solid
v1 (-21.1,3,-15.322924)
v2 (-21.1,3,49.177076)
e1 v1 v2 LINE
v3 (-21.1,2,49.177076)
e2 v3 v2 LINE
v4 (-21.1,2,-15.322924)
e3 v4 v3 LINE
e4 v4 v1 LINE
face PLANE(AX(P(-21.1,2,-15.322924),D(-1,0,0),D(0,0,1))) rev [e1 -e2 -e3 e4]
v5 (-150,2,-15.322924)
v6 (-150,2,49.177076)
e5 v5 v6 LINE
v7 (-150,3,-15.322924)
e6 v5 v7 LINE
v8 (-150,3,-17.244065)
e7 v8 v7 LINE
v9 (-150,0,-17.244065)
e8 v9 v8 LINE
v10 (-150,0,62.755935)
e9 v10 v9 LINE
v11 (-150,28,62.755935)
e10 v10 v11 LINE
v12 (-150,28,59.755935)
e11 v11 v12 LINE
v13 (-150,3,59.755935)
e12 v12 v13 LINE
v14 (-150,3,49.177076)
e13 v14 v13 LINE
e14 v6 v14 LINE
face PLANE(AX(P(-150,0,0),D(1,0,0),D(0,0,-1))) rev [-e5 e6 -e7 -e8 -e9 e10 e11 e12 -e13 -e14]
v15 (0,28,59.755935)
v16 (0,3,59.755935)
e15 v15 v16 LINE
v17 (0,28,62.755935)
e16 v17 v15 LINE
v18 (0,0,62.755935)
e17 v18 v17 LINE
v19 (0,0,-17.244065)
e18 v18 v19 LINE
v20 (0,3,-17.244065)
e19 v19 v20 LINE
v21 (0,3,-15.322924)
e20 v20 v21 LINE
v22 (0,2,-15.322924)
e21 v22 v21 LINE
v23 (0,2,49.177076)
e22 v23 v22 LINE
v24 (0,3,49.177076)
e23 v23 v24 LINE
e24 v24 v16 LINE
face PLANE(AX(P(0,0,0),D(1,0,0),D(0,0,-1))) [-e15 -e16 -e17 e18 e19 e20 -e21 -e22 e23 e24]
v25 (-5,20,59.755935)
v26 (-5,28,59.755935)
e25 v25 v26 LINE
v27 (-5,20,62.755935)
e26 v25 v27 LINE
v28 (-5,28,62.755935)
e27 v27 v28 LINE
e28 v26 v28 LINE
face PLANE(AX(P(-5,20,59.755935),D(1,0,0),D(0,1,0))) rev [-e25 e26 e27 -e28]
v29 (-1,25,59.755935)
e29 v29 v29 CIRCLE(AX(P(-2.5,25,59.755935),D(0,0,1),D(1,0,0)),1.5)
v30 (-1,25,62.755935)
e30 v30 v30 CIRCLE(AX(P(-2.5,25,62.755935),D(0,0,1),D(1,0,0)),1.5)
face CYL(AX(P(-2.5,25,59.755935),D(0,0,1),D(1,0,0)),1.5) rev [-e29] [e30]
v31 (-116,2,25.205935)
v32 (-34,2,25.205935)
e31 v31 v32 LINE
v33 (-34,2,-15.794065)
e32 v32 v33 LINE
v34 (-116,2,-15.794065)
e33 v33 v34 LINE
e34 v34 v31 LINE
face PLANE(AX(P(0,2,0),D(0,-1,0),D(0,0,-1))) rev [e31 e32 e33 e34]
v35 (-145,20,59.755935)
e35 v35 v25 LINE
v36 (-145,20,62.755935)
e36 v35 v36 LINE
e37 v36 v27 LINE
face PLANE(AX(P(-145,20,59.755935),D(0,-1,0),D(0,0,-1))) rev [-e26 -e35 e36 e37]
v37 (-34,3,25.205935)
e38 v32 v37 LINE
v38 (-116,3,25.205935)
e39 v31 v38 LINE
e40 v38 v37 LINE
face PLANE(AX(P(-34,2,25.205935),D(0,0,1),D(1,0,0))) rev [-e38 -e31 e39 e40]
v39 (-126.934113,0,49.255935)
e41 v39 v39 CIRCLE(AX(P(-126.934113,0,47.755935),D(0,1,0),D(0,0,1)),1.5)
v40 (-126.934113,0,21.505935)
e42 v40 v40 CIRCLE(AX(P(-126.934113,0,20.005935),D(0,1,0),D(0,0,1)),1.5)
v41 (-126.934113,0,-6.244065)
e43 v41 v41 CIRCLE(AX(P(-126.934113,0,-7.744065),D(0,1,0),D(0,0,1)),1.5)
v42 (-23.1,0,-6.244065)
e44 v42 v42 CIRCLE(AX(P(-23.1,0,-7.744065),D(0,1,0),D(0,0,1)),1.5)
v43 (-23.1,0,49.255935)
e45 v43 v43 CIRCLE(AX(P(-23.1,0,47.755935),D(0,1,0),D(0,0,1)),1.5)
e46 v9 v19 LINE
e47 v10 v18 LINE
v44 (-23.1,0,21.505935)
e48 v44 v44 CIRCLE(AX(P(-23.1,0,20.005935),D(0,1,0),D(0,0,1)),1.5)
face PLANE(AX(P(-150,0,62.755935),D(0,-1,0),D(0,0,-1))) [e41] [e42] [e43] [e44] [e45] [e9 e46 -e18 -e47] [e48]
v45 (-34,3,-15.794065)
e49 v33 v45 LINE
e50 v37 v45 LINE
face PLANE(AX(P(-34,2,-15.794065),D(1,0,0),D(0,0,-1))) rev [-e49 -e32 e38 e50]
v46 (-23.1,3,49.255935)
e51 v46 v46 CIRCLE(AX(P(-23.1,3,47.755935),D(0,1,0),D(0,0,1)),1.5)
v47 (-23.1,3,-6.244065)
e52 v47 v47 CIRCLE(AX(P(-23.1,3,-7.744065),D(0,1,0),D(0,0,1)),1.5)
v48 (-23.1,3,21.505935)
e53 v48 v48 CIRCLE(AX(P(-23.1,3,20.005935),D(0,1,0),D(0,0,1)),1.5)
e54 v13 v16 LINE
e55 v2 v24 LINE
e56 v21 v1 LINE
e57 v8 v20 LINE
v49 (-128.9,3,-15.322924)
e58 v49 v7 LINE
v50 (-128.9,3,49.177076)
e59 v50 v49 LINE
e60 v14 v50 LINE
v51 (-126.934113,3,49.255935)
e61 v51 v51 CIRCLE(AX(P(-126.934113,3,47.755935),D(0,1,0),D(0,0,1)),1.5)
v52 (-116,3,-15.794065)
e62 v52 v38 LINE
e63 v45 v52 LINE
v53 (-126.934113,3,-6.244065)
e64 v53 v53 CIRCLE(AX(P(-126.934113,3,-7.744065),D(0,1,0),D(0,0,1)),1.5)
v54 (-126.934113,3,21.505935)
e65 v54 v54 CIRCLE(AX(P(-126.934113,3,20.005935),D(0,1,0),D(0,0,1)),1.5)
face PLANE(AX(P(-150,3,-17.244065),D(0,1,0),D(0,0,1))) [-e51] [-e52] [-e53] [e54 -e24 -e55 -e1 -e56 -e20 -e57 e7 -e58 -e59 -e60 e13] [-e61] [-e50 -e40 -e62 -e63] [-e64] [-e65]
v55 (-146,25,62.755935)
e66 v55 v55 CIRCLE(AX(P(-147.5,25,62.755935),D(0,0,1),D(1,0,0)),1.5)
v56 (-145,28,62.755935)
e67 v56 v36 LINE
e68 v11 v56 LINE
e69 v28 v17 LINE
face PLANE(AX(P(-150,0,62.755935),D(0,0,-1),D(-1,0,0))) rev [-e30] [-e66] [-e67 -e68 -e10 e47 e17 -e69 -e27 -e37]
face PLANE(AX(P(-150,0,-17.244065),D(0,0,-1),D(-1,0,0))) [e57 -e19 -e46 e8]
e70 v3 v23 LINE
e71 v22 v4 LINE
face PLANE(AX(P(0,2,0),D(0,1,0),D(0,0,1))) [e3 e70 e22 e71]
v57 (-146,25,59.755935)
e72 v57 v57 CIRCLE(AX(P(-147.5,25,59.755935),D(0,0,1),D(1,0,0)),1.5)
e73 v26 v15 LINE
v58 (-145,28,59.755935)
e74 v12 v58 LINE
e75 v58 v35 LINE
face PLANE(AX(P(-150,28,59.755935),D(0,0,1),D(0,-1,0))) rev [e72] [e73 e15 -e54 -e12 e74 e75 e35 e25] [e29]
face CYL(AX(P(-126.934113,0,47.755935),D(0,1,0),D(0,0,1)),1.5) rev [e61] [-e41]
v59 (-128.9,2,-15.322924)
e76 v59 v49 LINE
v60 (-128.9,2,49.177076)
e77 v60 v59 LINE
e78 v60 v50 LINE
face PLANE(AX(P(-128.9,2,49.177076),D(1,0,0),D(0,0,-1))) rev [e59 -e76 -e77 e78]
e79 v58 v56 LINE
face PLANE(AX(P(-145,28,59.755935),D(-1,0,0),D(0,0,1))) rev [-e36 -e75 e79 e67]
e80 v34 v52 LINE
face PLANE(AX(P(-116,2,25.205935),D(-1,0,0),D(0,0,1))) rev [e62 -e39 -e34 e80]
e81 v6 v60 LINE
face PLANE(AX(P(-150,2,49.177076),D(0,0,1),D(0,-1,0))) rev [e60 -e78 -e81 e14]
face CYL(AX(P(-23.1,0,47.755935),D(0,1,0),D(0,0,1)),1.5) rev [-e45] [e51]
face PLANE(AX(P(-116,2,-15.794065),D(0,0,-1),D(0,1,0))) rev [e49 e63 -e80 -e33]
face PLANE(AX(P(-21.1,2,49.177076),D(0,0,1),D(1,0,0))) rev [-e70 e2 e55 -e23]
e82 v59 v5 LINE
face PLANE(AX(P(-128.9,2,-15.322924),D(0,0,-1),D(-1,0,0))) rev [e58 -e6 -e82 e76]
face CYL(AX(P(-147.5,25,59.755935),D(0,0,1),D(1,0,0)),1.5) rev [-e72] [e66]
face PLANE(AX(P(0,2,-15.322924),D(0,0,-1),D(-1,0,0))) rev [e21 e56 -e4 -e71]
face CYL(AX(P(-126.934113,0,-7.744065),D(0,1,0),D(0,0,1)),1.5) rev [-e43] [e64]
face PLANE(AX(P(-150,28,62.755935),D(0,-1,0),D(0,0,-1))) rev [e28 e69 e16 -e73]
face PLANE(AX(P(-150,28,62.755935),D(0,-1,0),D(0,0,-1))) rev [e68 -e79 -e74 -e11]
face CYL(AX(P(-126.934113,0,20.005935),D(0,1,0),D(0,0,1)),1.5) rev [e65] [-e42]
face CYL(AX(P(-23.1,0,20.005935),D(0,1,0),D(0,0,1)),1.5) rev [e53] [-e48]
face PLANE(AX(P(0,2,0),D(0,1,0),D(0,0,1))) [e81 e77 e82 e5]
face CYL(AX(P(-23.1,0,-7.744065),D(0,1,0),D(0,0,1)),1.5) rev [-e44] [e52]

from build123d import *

# Parameters (mm, degrees)
BOSS_EXTRUDE2_DEPTH = 150
SKETCH4_W           = 21.1
SKETCH4_H           = 64.5
CUT_EXTRUDE1_DEPTH  = 1
SKETCH5_W           = 82
SKETCH5_H           = 41
CUT_EXTRUDE2_DEPTH  = 1
SKETCH6_W           = 140
SKETCH6_H           = 8
CUT_EXTRUDE3_DEPTH  = 3
SKETCH7_R           = 1.5
CUT_EXTRUDE4_DEPTH  = 3
SKETCH8_R           = 1.5
CUT_EXTRUDE5_DEPTH  = 3


with BuildPart() as part:
    # Sketch1 → Boss-Extrude2 (new body)
    with BuildSketch(Plane(origin=(0, 0, 0), x_dir=(0, 0, -1), z_dir=(1, 0, 0))):
        Polygon((-62.755935242, 0), (-62.755935242, 28), (-59.755935242, 28), (-59.755935242, 3), (17.244064758, 3), (17.244064758, 0), align=None)
    extrude(amount=-BOSS_EXTRUDE2_DEPTH)

    # Sketch4 → Cut-Extrude1 (cut)
    with BuildSketch(Plane(origin=(0, 3, 0), x_dir=(1, 0, 0), z_dir=(0, 1, 0))):
        with Locations((-139.45, -16.927076403)):
            Rectangle(SKETCH4_W, SKETCH4_H)
        with Locations((-10.55, -16.927076403)):
            Rectangle(SKETCH4_W, SKETCH4_H)
    extrude(amount=-CUT_EXTRUDE1_DEPTH, mode=Mode.SUBTRACT)

    # Sketch5 → Cut-Extrude2 (cut)
    with BuildSketch(Plane(origin=(0, 3, 0), x_dir=(1, 0, 0), z_dir=(0, 1, 0))):
        with Locations((-75, -4.705935242)):
            Rectangle(SKETCH5_W, SKETCH5_H)
    extrude(amount=-CUT_EXTRUDE2_DEPTH, mode=Mode.SUBTRACT)

    # Sketch6 → Cut-Extrude3 (cut)
    with BuildSketch(Plane.XY.offset(62.755935242)):
        with Locations((-75, 24)):
            Rectangle(SKETCH6_W, SKETCH6_H)
    extrude(amount=-CUT_EXTRUDE3_DEPTH, mode=Mode.SUBTRACT)

    # Sketch7 → Cut-Extrude4 (cut)
    with BuildSketch(Plane.XY.offset(62.755935242)):
        with Locations((-2.5, 25)):
            Circle(SKETCH7_R)
        with Locations((-147.5, 25)):
            Circle(SKETCH7_R)
    extrude(amount=-CUT_EXTRUDE4_DEPTH, mode=Mode.SUBTRACT)

    # Sketch8 → Cut-Extrude5 (cut)
    with BuildSketch(Plane(origin=(0, 3, 0), x_dir=(1, 0, 0), z_dir=(0, 1, 0))):
        with Locations(Location((-23.1, -47.755935242, 0), (0, 0, 270))):
            Circle(SKETCH8_R)
        with Locations(Location((-23.1, -20.005935242, 0), (0, 0, 270))):
            Circle(SKETCH8_R)
        with Locations(Location((-23.1, 7.744064758, 0), (0, 0, 270))):
            Circle(SKETCH8_R)
        with Locations(Location((-126.934112686, -47.755935242, 0), (0, 0, 270))):
            Circle(SKETCH8_R)
        with Locations(Location((-126.934112686, -20.005935242, 0), (0, 0, 270))):
            Circle(SKETCH8_R)
        with Locations(Location((-126.934112686, 7.744064758, 0), (0, 0, 270))):
            Circle(SKETCH8_R)
    extrude(amount=-CUT_EXTRUDE5_DEPTH, mode=Mode.SUBTRACT)


solid = part.part
